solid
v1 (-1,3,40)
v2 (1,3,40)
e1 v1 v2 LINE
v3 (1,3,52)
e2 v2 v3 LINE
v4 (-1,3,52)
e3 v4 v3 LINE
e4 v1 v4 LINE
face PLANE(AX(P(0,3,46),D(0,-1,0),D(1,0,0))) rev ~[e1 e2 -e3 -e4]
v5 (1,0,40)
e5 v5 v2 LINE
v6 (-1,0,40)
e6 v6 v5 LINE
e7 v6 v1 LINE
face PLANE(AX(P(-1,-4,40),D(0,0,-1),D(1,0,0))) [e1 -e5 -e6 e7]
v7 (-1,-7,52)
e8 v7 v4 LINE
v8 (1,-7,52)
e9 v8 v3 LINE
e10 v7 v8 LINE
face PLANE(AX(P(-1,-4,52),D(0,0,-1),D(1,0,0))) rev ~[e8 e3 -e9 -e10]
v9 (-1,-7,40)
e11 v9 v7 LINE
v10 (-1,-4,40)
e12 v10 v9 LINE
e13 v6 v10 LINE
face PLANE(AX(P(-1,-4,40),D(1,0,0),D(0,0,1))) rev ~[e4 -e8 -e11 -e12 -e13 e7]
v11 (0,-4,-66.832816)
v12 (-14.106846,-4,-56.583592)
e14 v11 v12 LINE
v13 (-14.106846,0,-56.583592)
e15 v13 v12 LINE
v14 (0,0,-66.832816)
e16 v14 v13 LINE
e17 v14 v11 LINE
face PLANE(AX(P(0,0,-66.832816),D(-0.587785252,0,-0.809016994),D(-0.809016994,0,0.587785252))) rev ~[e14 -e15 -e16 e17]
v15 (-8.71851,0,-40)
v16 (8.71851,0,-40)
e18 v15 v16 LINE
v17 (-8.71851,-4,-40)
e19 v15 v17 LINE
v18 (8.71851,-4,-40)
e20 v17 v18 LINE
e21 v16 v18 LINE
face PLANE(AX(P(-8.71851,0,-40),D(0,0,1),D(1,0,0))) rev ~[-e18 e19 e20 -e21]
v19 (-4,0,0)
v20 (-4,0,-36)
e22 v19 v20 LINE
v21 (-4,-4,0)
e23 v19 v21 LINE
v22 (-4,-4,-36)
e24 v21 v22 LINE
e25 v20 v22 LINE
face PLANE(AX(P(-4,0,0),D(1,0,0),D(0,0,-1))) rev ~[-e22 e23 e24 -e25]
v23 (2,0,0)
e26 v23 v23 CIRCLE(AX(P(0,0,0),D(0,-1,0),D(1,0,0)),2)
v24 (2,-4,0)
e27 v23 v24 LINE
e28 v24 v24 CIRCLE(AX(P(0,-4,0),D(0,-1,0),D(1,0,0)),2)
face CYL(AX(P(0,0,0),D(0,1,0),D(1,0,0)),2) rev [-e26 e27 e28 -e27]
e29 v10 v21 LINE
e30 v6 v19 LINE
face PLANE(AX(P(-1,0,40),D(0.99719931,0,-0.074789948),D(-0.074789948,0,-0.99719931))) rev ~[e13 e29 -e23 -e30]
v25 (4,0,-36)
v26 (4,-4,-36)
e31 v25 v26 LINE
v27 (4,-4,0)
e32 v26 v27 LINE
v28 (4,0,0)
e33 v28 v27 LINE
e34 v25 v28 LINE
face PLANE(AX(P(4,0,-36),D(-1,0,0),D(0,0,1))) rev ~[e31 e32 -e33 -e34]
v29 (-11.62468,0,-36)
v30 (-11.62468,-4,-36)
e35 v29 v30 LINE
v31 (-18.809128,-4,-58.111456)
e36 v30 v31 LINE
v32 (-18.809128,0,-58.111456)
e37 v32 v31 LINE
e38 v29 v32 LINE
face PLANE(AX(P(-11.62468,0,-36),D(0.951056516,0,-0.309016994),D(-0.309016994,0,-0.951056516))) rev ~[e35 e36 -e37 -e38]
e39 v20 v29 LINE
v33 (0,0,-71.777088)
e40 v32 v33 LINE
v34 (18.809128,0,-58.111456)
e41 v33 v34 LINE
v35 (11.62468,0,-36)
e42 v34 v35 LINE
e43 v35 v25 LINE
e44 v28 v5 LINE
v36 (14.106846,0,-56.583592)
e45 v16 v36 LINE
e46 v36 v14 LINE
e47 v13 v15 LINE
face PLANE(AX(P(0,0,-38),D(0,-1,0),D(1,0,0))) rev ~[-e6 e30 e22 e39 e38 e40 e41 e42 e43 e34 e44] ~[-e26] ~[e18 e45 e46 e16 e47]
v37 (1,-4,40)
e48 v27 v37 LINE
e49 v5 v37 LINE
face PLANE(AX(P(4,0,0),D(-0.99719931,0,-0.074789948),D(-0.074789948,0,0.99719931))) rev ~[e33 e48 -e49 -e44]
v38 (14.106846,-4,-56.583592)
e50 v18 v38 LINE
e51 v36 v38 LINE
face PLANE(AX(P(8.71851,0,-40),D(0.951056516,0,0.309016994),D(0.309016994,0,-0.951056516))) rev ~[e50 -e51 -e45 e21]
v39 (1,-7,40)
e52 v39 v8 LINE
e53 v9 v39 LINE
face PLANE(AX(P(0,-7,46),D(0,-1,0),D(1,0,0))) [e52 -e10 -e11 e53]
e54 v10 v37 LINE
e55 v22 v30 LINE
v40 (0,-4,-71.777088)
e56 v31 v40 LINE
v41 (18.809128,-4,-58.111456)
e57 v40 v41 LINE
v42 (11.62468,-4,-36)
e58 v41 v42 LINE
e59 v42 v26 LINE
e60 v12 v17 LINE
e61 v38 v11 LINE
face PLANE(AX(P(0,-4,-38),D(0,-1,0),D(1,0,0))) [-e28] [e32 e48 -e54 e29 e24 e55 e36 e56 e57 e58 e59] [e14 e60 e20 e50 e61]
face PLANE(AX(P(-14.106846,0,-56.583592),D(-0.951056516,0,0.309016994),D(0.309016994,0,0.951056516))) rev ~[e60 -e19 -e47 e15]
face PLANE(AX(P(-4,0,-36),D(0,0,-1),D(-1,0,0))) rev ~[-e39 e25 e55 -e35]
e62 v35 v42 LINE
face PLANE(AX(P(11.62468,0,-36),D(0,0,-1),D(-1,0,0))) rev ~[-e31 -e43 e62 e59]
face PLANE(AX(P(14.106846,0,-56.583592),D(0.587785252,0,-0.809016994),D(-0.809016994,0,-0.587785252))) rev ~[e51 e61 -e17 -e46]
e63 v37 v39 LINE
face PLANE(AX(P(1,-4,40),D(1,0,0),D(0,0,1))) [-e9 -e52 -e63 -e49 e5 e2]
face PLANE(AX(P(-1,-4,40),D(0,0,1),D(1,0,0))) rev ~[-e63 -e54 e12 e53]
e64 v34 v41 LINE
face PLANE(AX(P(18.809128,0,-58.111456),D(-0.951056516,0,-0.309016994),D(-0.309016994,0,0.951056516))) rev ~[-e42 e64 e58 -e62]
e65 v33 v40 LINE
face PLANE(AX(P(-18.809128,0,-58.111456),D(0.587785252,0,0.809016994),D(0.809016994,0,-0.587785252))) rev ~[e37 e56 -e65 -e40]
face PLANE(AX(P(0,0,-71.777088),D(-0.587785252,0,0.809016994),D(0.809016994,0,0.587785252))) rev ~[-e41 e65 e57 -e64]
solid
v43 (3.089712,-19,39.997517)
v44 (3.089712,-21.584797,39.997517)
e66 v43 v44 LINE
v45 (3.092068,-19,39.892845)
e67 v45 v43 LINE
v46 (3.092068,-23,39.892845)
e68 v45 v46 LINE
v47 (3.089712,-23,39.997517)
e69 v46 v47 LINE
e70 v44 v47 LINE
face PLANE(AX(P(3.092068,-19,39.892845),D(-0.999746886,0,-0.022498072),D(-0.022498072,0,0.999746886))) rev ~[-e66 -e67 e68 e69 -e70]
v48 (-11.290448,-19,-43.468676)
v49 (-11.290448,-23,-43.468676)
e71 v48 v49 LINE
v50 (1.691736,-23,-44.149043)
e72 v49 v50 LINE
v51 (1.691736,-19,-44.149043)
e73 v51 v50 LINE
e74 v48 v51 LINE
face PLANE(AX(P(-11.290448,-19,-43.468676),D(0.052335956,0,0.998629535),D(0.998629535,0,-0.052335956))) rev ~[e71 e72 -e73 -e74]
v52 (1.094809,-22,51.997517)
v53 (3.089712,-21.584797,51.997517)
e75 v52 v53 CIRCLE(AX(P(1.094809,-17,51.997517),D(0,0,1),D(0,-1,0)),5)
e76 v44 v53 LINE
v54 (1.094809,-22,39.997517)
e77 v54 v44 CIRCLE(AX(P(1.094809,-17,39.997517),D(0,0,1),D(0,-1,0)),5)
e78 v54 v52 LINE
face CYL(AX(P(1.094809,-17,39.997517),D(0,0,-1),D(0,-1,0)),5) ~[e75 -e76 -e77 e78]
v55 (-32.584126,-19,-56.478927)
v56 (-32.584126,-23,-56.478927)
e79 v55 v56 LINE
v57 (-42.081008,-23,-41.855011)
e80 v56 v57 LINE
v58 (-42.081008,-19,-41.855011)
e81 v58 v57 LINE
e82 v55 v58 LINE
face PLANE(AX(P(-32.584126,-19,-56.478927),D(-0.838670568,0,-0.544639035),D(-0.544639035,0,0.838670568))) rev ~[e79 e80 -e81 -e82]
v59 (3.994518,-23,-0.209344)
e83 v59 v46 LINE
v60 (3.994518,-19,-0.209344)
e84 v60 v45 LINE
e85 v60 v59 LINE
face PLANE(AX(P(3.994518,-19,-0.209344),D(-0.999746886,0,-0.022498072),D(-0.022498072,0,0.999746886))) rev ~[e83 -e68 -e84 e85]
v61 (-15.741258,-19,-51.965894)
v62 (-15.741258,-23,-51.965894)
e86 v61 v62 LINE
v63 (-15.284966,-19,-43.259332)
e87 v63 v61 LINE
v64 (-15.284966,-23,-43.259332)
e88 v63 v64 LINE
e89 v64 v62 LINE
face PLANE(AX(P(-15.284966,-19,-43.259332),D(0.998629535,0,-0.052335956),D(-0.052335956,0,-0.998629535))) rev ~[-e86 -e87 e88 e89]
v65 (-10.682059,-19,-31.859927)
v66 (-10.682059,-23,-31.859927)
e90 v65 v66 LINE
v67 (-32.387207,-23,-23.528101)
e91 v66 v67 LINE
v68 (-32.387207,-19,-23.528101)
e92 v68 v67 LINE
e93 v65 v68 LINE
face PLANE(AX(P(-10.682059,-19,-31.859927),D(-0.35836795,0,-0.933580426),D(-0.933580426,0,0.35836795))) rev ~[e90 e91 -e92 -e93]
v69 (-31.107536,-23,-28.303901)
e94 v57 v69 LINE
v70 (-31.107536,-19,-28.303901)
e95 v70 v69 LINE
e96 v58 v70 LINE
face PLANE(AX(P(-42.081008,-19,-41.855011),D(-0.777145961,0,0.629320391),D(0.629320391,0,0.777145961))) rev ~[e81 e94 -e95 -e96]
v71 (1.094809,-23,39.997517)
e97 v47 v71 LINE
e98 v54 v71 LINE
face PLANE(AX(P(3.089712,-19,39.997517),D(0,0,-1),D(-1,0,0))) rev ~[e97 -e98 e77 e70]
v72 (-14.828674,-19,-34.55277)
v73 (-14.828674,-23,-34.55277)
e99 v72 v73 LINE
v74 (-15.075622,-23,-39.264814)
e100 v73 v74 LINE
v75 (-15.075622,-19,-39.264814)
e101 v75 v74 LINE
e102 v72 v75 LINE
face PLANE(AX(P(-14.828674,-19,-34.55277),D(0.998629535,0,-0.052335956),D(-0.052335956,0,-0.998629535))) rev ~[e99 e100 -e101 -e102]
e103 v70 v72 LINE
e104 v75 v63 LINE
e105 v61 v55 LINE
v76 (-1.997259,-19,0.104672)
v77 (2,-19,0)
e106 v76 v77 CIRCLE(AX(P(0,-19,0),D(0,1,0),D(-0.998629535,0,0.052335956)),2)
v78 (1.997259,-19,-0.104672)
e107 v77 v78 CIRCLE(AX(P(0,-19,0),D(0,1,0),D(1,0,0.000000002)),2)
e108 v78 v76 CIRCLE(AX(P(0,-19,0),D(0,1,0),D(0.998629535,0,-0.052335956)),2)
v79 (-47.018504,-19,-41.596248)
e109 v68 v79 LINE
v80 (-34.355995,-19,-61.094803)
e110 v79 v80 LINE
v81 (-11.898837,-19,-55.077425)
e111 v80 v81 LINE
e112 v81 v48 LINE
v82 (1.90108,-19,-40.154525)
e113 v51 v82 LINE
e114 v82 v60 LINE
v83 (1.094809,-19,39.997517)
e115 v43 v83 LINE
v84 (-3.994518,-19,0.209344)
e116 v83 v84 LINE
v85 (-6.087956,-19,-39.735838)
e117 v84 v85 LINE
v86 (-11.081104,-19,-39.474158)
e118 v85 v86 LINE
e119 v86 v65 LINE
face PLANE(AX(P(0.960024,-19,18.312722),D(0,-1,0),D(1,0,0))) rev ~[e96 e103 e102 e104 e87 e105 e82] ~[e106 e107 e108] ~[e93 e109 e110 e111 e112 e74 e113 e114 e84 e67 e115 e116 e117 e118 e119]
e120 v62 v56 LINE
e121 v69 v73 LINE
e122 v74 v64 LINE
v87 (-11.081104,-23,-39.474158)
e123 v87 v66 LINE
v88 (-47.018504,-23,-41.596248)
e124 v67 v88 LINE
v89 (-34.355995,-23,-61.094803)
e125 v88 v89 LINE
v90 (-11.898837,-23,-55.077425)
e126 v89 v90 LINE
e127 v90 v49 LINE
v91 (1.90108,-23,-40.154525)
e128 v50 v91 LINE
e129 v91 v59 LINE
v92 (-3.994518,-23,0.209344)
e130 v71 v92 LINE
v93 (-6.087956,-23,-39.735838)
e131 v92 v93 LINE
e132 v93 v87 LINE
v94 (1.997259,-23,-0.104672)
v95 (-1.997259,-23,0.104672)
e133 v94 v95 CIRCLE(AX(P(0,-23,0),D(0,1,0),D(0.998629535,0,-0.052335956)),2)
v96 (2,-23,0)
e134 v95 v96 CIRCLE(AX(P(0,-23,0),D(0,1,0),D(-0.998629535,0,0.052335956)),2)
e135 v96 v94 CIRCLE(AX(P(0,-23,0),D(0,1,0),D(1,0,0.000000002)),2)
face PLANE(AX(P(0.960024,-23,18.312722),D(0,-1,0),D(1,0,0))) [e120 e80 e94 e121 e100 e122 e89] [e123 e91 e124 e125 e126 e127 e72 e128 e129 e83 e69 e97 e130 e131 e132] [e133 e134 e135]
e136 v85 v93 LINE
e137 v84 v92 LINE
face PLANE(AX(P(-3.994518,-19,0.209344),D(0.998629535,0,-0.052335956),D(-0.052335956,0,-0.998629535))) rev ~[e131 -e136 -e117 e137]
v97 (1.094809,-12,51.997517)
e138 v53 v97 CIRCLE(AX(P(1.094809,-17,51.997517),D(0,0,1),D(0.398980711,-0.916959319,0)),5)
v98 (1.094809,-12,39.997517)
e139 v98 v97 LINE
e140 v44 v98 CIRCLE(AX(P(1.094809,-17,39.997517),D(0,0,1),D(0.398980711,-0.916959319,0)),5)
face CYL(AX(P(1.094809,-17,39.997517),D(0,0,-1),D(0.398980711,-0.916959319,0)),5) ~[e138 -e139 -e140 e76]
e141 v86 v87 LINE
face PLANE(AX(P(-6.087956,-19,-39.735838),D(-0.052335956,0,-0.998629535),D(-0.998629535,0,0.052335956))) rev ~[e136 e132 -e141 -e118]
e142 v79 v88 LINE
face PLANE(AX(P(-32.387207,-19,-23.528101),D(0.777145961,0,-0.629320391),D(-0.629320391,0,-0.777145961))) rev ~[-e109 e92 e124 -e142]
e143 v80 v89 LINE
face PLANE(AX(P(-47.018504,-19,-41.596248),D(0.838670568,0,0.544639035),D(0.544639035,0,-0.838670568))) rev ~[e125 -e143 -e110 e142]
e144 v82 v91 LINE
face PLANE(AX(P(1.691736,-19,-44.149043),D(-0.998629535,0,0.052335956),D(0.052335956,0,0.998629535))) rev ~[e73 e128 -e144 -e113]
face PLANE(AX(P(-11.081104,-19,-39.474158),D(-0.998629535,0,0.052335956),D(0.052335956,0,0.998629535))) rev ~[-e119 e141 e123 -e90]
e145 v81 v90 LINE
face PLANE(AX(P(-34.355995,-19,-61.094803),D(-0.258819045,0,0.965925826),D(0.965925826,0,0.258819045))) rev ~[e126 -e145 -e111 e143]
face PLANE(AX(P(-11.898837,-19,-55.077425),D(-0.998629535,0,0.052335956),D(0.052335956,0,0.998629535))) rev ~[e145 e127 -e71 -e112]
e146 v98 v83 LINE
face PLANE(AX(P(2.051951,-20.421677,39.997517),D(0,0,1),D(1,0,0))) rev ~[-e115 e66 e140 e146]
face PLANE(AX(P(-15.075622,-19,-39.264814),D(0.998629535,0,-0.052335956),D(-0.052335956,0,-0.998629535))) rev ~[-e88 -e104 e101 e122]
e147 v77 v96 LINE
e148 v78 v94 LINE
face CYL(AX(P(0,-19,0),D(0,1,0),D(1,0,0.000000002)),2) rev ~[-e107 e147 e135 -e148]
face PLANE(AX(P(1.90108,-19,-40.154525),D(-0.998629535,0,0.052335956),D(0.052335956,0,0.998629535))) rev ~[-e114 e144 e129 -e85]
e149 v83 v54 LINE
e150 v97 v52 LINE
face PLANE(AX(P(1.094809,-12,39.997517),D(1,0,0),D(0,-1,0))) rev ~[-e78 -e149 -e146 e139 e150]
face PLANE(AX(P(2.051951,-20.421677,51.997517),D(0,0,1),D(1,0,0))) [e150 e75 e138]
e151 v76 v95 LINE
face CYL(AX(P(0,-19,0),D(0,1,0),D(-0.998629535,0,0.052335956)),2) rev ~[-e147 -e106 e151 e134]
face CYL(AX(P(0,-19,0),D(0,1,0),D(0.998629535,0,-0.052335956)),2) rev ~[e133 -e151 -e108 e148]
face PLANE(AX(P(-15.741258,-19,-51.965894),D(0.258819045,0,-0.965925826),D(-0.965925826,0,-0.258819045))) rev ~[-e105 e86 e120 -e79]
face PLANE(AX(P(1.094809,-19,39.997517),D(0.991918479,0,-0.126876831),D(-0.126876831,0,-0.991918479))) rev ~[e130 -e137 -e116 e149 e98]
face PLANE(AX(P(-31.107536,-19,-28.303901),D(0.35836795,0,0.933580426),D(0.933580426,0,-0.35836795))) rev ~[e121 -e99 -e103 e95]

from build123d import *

# Parameters (mm, degrees)
F0_W          = 8
F0_H          = 4
F0_R          = 2
F0_W_2        = 2
F0_H_2        = 12
F1_DEPTH      = 4
F2_W          = 2
F2_H          = 12
F3_DEPTH      = 3
F3_DEPTH_BACK = 7
F6_DEPTH      = 4
F8_DEPTH      = 12


with BuildPart() as f1:
    # F0 (on Front) → F1 (new body)
    with BuildSketch(Plane.XZ):
        with Locations((0, -38)):
            Rectangle(F0_W, F0_H)
        Polygon((4, -36), (4, -40), (8.7185103361, -40), (14.106846055, -56.583592135), (0, -66.83281573), (-14.106846055, -56.583592135), (-8.7185103361, -40), (-4, -40), (-4, -36), (-11.6246804481, -36), (-18.8091280734, -58.11145618), (0, -71.77708764), (18.8091280734, -58.11145618), (11.6246804481, -36), align=None)
        Polygon((-4, -36), (4, -36), (4, 0), (1, 40), (-1, 40), (-4, 0), align=None)
        Circle(F0_R, mode=Mode.SUBTRACT)
        with Locations((0, 46)):
            Rectangle(F0_W_2, F0_H_2)
    extrude(amount=F1_DEPTH)

    # F2 (on face) → F3 (join, two sides)
    with BuildSketch(Plane.XZ.offset(4)) as f3_sk:
        with Locations((0, 46)):
            Rectangle(F2_W, F2_H)
    extrude(amount=F3_DEPTH)
    extrude(f3_sk.sketch, amount=-F3_DEPTH_BACK)


with BuildPart() as f6:
    # F5 (on offset) → F6 (new body)
    with BuildSketch(Plane.XZ.offset(19)):
        with BuildLine():
            Line((1.9972590695, -0.1046719125), (3.994518139, -0.209343825))
            Line((3.994518139, -0.209343825), (3.0920677845, 39.8928454339))
            Line((3.0920677845, 39.8928454339), (1.094808715, 39.9975173464))
            Line((1.094808715, 39.9975173464), (-3.994518139, 0.209343825))
            Line((-3.994518139, 0.209343825), (-1.9972590695, 0.1046719125))
            ThreePointArc((-1.9972590695, 0.1046719125), (0.0523538966, 1.99931465), (2, 0))
            ThreePointArc((2, 0), (1.99931465, -0.0523538966), (1.9972590695, -0.1046719125))
        make_face()
        with BuildLine():
            Line((1.9010798893, -40.1545252152), (3.994518139, -0.209343825))
            Line((3.994518139, -0.209343825), (1.9972590695, -0.1046719125))
            ThreePointArc((1.9972590695, -0.1046719125), (-0.1046719125, -1.9972590695), (-1.9972590695, 0.1046719125))
            Line((-1.9972590695, 0.1046719125), (-3.994518139, 0.209343825))
            Line((-3.994518139, 0.209343825), (-6.0879563887, -39.7358375652))
            Line((-6.0879563887, -39.7358375652), (1.9010798893, -40.1545252152))
        make_face()
        Polygon((1.6917360643, -44.1490433542), (1.9010798893, -40.1545252152), (-6.0879563887, -39.7358375652), (-11.0811040625, -39.474157784), (-11.2904478875, -43.468675923), align=None)
        Polygon((1.094808715, 39.9975173464), (3.0920677845, 39.8928454339), (3.0897122721, 39.9975173464), align=None)
        Polygon((-11.2904478875, -43.468675923), (-11.0811040625, -39.474157784), (-15.0756222015, -39.264813959), (-15.2849660265, -43.259332098), align=None)
        Polygon((-15.0756222015, -39.264813959), (-11.0811040625, -39.474157784), (-10.6820591202, -31.8599266955), (-32.3872073814, -23.5281009029), (-47.0185042723, -41.5962478298), (-34.3559947891, -61.0948025369), (-11.8988366547, -55.0774251506), (-11.2904478875, -43.468675923), (-15.2849660265, -43.259332098), (-15.741257602, -51.9658940187), (-32.5841262027, -56.4789270585), (-42.0810083151, -41.8550110281), (-31.107535647, -28.3039008329), (-14.828674451, -34.5527701774), align=None)
    extrude(amount=F6_DEPTH)

    # F7 (on face) → F8 (join)
    with BuildSketch(Plane.XY.offset(39.9975173464)):
        with BuildLine():
            Line((3.0897122721, -19), (1.094808715, -19))
            Line((1.094808715, -19), (1.094808715, -22))
            ThreePointArc((1.094808715, -22), (2.1136357454, -21.8950987204), (3.0897122721, -21.5847965929))
            Line((3.0897122721, -21.5847965929), (3.0897122721, -19))
        make_face()
        with BuildLine():
            ThreePointArc((3.0897122721, -21.5847965929), (5.9899074353, -15.9811729696), (1.094808715, -12))
            Line((1.094808715, -12), (1.094808715, -19))
            Line((1.094808715, -19), (3.0897122721, -19))
            Line((3.0897122721, -19), (3.0897122721, -21.5847965929))
        make_face()
    extrude(amount=F8_DEPTH)


solid = Compound([f1.part, f6.part])
